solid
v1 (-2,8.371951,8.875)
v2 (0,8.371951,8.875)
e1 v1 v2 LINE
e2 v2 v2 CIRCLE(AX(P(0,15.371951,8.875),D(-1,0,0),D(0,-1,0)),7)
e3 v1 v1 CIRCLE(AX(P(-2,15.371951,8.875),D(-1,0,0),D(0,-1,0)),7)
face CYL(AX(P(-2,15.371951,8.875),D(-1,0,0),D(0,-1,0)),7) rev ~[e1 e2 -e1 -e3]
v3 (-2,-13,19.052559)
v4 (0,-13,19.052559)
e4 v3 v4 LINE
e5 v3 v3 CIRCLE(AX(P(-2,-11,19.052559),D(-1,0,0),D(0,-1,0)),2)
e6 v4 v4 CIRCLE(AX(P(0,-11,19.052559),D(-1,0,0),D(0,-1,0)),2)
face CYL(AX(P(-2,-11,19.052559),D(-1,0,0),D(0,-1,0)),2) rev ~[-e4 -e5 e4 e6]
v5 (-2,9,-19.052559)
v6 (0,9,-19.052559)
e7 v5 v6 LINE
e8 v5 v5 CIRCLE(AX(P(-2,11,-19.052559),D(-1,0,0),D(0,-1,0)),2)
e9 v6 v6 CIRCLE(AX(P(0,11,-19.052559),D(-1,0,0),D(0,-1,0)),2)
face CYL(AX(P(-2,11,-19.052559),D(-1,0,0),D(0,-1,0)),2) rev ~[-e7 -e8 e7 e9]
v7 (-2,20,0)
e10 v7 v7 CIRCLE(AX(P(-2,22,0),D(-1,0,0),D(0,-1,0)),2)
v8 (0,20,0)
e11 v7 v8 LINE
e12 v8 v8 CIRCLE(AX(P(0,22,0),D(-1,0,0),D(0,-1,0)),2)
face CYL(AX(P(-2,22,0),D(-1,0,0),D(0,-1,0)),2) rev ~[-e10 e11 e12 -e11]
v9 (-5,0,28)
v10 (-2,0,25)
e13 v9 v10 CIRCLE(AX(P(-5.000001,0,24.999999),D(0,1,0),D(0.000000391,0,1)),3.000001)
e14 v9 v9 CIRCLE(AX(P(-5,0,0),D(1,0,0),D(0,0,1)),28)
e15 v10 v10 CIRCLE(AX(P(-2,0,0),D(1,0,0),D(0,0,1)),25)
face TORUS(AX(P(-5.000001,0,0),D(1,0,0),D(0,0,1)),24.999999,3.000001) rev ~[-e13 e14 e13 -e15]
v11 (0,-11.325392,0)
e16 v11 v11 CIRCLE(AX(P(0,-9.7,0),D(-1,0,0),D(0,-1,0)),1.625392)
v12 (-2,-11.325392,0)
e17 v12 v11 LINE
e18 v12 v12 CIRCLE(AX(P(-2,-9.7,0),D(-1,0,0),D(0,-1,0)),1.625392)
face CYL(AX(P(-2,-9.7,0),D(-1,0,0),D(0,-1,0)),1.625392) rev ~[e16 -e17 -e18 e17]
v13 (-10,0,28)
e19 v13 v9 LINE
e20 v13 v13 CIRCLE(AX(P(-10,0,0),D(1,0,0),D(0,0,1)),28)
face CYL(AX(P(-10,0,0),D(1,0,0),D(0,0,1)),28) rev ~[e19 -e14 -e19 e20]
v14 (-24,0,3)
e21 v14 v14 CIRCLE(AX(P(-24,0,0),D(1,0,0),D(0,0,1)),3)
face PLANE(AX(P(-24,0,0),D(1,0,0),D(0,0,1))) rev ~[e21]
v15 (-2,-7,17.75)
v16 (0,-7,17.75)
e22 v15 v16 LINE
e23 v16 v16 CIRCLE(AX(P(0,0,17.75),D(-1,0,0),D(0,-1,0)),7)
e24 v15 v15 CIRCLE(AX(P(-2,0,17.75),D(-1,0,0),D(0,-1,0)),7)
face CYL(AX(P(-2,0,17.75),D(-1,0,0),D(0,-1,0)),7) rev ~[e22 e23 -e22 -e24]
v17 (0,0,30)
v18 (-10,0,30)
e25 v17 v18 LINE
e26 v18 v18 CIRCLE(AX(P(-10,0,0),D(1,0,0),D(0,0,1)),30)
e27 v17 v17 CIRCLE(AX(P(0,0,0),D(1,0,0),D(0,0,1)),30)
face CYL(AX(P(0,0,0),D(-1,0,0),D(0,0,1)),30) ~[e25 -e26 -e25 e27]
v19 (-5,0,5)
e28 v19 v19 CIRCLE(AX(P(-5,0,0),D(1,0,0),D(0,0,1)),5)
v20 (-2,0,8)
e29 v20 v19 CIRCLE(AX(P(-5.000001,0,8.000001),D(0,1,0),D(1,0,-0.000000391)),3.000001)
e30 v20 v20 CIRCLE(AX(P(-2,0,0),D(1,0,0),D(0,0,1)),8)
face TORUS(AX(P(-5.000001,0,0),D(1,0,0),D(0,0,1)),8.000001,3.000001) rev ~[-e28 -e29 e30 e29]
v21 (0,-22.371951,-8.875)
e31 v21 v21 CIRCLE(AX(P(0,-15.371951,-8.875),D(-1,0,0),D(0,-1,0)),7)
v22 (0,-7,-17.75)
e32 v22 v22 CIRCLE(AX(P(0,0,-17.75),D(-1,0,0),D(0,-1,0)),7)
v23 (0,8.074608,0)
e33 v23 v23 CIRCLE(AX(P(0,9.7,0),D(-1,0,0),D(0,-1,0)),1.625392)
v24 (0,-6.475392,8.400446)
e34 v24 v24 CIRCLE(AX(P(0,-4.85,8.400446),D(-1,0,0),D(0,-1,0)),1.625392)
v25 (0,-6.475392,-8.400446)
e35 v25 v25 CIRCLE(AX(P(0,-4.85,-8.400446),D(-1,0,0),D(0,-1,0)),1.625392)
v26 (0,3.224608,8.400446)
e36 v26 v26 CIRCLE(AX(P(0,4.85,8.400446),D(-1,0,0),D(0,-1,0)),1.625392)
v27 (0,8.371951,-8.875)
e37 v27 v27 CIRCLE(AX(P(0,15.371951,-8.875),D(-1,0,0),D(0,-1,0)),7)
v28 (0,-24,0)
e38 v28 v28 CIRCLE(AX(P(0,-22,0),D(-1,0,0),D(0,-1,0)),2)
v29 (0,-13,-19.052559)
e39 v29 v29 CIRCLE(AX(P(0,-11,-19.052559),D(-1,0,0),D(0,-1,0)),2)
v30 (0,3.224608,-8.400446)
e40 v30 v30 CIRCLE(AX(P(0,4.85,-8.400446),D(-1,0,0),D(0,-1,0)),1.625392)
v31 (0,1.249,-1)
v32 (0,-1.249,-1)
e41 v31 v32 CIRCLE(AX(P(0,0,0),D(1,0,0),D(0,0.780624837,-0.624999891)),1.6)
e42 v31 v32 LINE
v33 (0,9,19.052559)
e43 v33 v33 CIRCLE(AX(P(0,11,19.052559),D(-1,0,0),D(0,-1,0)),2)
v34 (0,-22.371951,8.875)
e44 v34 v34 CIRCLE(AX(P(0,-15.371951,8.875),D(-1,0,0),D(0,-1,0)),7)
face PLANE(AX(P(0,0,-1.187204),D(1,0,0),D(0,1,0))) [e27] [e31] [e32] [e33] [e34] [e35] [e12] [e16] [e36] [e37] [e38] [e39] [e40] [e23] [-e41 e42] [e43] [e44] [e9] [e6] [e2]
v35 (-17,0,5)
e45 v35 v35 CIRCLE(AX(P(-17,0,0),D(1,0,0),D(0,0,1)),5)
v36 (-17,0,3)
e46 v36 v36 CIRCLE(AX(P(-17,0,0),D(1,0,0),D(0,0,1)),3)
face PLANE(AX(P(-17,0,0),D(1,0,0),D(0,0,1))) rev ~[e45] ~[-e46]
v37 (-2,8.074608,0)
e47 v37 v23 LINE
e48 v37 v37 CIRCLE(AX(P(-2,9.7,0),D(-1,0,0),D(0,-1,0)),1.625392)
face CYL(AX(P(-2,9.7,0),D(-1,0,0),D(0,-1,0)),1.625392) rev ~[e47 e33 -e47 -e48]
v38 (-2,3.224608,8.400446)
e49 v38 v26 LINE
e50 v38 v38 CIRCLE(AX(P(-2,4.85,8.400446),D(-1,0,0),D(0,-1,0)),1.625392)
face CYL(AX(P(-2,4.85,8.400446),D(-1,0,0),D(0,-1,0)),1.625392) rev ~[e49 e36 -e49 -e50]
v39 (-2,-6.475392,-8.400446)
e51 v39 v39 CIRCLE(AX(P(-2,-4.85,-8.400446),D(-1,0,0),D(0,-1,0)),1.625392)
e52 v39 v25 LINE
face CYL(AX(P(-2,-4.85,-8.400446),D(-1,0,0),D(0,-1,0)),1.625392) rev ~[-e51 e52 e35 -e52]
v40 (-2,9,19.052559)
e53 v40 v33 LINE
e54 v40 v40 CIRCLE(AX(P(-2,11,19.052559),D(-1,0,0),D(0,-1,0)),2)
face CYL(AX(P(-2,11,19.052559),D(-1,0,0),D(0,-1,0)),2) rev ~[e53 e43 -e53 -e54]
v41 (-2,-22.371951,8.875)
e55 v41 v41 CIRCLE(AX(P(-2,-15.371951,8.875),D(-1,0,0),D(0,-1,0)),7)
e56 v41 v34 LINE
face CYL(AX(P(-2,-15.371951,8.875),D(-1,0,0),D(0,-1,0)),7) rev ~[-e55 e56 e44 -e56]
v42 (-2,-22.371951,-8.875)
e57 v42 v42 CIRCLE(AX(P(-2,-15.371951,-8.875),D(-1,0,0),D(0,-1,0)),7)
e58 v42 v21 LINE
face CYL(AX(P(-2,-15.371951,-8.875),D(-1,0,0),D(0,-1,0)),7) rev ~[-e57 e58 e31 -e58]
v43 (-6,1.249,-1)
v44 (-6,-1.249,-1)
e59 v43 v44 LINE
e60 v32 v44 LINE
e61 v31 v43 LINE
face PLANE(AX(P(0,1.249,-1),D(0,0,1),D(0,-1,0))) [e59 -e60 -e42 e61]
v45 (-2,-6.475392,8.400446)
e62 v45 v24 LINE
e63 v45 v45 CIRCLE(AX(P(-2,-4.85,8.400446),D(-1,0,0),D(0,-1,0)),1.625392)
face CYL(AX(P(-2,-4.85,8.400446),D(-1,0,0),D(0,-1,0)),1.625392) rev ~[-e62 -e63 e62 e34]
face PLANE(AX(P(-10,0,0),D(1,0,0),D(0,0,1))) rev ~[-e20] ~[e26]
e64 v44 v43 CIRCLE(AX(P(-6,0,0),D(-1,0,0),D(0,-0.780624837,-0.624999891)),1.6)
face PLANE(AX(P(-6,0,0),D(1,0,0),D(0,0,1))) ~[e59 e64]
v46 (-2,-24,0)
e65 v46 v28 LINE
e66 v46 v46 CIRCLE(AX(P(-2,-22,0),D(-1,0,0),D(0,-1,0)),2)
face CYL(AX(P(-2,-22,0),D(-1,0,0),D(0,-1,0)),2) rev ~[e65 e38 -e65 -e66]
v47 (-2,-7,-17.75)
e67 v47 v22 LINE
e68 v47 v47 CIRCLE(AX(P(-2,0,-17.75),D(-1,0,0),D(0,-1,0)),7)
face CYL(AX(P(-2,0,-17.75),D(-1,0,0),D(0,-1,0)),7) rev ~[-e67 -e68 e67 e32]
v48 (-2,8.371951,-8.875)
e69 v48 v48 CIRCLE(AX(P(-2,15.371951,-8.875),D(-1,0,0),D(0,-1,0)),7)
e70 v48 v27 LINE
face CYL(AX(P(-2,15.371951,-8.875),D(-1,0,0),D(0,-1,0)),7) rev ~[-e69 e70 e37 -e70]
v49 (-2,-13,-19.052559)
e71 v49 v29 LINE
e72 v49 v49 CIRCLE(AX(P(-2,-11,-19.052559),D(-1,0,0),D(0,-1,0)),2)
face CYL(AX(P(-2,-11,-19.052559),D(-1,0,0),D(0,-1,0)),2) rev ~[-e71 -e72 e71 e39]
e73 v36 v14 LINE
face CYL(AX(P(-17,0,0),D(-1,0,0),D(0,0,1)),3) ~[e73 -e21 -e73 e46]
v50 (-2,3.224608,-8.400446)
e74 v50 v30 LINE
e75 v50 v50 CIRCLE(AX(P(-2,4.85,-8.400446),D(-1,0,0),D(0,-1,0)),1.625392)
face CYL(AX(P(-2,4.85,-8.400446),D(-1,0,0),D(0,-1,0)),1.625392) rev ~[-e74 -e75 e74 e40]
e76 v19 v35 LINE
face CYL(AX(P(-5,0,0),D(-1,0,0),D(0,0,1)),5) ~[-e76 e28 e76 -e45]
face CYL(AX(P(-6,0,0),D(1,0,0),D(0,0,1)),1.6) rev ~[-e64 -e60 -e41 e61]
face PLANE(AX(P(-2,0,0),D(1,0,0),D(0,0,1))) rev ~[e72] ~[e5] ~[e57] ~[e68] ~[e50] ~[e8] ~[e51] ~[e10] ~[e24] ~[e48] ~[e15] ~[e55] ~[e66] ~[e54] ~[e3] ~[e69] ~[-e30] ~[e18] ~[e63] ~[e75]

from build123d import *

# Parameters (mm, degrees)
F3_DEPTH = 6
F5_R     = 7
F5_R_2   = 2
F5_R_3   = 1.625392
F6_DEPTH = 2


with BuildPart() as f1:
    # F0 (on Front) → F1 (revolve)
    with BuildSketch(Plane.XZ):
        with BuildLine():
            Line((-2, 25), (-2, 8))
            ThreePointArc((-2, 8), (-2.87868, 5.87868), (-5, 5))
            Line((-5, 5), (-17, 5))
            Line((-17, 5), (-17, 3))
            Line((-17, 3), (-24, 3))
            Line((-24, 3), (-24, 0))
            Line((-24, 0), (-17, 0))
            Line((-17, 0), (-6, 0))
            Line((-6, 0), (-6, 1.6))
            Line((-6, 1.6), (0, 1.6))
            Line((0, 1.6), (0, 28))
            Line((0, 28), (0, 30))
            Line((0, 30), (-10, 30))
            Line((-10, 30), (-10, 28))
            Line((-10, 28), (-5, 28))
            ThreePointArc((-5, 28), (-2.87868, 27.12132), (-2, 25))
        make_face()
    revolve(axis=Axis((-36.628073, 0, 0), (1, 0, 0)))

    # F2 (on face) → F3 (join)
    with BuildSketch(Plane.YZ):
        with BuildLine():
            Line((1.249, -1), (-1.249, -1))
            ThreePointArc((-1.249, -1), (0, -1.6), (1.249, -1))
        make_face()
    extrude(amount=-F3_DEPTH)

    # F5 (on face) → F6 (cut)
    with BuildSketch(Plane(origin=(-2, 0, 0), x_dir=(0, -1, 0), z_dir=(-1, 0, 0))):
        with Locations((0, 17.75)):
            Circle(F5_R)
        with Locations((-15.371951, 8.875)):
            Circle(F5_R)
        with Locations((-15.371951, -8.875)):
            Circle(F5_R)
        with Locations((0, -17.75)):
            Circle(F5_R)
        with Locations((15.371951, -8.875)):
            Circle(F5_R)
        with Locations((15.371951, 8.875)):
            Circle(F5_R)
        with Locations((-11, 19.052559)):
            Circle(F5_R_2)
        with Locations((-4.85, 8.400446)):
            Circle(F5_R_3)
        with Locations((-22, 0)):
            Circle(F5_R_2)
        with Locations((-9.7, 0)):
            Circle(F5_R_3)
        with Locations((-11, -19.052559)):
            Circle(F5_R_2)
        with Locations((-4.85, -8.400446)):
            Circle(F5_R_3)
        with Locations((11, -19.052559)):
            Circle(F5_R_2)
        with Locations((4.85, -8.400446)):
            Circle(F5_R_3)
        with Locations((22, 0)):
            Circle(F5_R_2)
        with Locations((9.7, 0)):
            Circle(F5_R_3)
        with Locations((11, 19.052559)):
            Circle(F5_R_2)
        with Locations((4.85, 8.400446)):
            Circle(F5_R_3)
    extrude(amount=-F6_DEPTH, mode=Mode.SUBTRACT)


solid = f1.part
